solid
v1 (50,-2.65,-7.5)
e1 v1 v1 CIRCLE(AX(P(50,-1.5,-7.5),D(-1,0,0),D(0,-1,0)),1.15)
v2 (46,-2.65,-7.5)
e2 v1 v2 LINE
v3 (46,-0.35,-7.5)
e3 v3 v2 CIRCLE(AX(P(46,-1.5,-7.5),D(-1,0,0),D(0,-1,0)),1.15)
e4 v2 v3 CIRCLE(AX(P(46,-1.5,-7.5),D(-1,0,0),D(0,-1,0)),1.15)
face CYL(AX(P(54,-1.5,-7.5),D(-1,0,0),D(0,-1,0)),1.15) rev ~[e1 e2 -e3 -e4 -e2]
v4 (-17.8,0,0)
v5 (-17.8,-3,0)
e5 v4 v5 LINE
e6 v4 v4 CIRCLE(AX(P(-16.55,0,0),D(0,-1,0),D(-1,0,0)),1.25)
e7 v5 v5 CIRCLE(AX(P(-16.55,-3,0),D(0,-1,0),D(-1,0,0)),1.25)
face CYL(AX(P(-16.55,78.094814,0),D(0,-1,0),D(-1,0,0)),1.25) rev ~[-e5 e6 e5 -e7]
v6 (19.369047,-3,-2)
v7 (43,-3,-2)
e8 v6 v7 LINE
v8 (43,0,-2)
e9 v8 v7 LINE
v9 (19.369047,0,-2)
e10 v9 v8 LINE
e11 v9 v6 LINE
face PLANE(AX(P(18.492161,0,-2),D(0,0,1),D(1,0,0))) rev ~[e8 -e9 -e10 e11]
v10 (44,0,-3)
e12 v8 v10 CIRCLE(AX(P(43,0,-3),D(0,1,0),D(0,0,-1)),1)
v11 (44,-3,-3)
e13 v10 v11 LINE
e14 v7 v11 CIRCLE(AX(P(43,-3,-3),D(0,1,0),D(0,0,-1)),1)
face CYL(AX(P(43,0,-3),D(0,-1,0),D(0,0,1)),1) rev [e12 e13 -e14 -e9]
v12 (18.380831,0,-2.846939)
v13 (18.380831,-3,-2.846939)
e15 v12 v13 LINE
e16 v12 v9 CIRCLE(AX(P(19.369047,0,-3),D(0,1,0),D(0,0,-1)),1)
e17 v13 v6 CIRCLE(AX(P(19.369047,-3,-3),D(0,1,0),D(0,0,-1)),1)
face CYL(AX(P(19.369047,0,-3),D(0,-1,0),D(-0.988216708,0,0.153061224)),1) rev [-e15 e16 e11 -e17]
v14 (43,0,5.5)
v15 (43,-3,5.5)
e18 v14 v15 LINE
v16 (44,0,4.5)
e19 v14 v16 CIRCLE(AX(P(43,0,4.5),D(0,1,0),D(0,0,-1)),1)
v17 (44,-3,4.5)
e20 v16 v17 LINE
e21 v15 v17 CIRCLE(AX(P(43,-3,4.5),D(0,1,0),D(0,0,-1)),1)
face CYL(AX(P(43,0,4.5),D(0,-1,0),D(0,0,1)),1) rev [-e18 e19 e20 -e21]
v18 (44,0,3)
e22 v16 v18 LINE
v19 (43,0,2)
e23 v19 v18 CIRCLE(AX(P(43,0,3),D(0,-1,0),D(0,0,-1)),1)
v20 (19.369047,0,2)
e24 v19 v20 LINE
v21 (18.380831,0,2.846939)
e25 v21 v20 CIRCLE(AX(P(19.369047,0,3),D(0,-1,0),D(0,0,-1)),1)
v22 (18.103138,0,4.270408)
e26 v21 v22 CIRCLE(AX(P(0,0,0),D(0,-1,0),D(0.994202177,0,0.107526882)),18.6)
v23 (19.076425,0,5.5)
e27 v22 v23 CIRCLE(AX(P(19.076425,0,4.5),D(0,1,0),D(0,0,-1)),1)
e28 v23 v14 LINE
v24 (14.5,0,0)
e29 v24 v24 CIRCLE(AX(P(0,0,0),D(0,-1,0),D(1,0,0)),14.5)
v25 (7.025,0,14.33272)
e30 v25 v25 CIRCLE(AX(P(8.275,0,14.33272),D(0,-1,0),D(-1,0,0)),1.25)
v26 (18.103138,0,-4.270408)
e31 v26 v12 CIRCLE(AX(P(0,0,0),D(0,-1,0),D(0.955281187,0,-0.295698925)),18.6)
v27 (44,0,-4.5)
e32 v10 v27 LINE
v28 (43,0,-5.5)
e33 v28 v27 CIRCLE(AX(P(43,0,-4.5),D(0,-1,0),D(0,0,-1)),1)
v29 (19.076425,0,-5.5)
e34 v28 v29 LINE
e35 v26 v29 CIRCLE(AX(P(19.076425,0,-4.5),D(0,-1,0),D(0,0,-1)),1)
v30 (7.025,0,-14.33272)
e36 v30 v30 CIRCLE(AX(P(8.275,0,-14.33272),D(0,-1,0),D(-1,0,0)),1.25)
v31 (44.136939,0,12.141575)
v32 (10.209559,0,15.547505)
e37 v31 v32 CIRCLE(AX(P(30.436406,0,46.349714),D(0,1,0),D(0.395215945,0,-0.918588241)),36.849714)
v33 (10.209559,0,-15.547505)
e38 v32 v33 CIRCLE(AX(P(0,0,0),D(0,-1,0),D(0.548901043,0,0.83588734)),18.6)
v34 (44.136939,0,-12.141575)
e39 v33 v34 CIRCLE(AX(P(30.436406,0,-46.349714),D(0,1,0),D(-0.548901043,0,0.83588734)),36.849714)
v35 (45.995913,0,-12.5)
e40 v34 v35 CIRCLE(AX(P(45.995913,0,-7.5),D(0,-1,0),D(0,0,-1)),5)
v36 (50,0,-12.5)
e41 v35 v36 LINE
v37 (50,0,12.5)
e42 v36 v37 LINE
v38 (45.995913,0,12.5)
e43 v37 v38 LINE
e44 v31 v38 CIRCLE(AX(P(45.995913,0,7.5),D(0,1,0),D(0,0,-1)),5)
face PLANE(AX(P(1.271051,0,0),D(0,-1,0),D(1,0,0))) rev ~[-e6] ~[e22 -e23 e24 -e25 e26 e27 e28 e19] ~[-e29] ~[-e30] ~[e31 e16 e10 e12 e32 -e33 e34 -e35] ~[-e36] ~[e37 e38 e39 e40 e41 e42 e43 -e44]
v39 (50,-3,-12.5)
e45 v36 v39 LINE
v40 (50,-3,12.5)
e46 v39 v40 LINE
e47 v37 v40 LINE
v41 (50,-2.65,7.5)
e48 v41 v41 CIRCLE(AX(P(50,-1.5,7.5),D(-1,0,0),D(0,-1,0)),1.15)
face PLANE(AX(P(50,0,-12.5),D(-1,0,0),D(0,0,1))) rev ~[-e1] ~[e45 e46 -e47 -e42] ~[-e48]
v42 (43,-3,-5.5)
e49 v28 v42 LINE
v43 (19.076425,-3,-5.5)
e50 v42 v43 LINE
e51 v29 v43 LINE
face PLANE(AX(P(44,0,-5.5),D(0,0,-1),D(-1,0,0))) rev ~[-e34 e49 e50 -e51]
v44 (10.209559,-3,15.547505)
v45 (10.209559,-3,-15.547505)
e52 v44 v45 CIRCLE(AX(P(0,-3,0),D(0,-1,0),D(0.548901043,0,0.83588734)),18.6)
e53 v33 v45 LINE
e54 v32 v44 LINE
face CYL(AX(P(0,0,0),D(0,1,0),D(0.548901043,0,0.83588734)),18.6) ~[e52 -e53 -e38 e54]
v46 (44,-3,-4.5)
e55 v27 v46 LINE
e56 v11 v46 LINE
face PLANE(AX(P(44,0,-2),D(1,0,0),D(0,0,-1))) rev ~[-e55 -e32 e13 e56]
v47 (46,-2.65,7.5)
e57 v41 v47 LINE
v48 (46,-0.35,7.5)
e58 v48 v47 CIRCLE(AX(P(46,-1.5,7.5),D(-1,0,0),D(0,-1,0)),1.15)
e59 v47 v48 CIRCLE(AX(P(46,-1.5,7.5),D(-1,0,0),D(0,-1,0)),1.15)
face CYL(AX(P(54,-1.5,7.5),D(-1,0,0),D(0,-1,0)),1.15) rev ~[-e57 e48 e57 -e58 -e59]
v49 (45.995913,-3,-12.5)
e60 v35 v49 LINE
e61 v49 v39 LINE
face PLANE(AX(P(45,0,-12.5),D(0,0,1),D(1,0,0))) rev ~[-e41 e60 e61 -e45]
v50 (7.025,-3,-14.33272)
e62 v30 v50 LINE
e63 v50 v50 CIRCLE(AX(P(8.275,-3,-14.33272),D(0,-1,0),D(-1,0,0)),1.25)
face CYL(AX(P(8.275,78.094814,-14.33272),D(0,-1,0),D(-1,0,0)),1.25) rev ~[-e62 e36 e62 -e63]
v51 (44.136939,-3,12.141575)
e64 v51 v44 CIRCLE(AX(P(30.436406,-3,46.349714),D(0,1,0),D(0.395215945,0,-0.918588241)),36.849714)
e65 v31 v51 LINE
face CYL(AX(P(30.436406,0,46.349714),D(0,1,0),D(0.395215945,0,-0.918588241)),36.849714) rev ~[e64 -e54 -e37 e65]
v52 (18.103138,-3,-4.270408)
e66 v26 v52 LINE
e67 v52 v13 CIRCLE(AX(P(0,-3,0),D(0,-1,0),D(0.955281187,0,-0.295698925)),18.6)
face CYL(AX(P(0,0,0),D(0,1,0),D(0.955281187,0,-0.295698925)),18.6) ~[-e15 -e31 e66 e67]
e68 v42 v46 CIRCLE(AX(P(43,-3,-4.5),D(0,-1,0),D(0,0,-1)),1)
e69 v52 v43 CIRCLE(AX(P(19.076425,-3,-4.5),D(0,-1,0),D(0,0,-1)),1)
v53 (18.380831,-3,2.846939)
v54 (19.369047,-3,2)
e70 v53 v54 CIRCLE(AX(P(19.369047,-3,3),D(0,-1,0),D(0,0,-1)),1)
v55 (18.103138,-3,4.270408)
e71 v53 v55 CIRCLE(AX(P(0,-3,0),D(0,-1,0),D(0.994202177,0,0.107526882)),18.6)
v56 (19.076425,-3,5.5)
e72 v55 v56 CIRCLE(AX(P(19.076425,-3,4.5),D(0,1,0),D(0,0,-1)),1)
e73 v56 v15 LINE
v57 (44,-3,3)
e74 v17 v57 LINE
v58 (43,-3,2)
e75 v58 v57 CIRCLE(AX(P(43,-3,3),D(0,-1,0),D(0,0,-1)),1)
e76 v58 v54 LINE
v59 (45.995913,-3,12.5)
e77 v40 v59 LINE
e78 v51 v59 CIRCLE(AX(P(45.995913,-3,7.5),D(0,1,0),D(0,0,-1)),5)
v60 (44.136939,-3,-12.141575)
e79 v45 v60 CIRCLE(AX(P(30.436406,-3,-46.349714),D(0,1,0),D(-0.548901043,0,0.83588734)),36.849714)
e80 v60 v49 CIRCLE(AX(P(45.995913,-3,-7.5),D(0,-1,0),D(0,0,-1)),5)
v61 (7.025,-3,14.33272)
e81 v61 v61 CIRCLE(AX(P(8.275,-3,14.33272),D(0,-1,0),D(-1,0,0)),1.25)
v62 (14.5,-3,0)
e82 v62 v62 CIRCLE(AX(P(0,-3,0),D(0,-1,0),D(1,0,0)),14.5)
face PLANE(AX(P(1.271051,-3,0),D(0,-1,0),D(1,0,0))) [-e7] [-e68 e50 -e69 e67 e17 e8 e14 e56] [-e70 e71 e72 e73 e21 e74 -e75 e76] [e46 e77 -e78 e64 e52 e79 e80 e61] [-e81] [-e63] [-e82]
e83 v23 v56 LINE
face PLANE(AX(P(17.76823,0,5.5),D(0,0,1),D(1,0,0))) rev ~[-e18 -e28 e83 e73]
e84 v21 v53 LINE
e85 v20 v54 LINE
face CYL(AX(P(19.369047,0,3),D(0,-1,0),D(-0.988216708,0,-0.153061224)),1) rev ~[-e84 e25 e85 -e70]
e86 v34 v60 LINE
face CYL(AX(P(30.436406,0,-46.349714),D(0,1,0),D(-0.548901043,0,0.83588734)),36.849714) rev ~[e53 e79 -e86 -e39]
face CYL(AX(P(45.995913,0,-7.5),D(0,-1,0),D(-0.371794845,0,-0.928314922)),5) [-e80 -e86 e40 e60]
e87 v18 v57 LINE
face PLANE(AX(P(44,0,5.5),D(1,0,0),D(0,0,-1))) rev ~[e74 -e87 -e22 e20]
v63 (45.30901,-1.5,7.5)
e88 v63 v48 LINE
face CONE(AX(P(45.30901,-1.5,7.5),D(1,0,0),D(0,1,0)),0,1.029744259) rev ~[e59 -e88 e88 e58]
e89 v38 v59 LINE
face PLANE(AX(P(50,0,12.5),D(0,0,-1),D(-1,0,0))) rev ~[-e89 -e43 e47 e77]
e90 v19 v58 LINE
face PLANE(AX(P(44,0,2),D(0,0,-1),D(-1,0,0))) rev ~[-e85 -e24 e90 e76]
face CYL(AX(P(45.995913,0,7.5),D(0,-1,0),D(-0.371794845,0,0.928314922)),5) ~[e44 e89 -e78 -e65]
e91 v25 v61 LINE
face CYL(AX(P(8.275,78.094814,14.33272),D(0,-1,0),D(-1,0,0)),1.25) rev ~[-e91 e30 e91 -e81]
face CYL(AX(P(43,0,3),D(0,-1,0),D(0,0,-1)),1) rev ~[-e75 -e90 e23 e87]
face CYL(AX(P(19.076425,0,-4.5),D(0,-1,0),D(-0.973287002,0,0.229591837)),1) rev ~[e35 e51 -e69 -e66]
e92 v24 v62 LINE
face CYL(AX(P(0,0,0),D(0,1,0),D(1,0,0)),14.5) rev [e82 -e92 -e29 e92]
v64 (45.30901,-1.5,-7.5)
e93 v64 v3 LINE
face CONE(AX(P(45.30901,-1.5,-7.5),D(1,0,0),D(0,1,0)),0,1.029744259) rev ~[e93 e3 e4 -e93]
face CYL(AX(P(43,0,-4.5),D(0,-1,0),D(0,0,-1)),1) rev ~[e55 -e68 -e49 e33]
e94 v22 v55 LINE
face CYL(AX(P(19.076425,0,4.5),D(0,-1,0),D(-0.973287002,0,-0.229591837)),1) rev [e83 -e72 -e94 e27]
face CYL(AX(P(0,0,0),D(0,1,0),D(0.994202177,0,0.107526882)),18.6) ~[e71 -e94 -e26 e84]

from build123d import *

# Parameters (mm, degrees)
F0_R     = 14.5
F1_DEPTH = 3
F2_D     = 2.5
F3_R     = 1
F4_R     = 5
F6_D     = 2.3
F6_DEPTH = 4
F6_TIP   = 0.6909897119


with BuildPart() as f1:
    # F0 (on Front) → F1 (new body)
    with BuildSketch(Plane.XZ):
        with BuildLine():
            ThreePointArc((18.4921605011, -2), (18.5730205583, -1.0014526146), (18.6, 0))
            ThreePointArc((18.6, 0), (18.5730205583, 1.0014526146), (18.4921605011, 2))
            ThreePointArc((18.4921605011, 2), (18.2144580261, 3.7674286742), (17.7682300751, 5.5))
            ThreePointArc((17.7682300751, 5.5), (14.8636221286, 11.1818038445), (10.2095594024, 15.5475045203))
            ThreePointArc((10.2095594024, 15.5475045203), (-18.6, 0), (10.2095594024, -15.5475045203))
            ThreePointArc((10.2095594024, -15.5475045203), (14.8636221286, -11.1818038445), (17.7682300751, -5.5))
            ThreePointArc((17.7682300751, -5.5), (18.2144580261, -3.7674286742), (18.4921605011, -2))
        make_face()
        Circle(F0_R, mode=Mode.SUBTRACT)
        with BuildLine():
            ThreePointArc((18.4921605011, 2), (18.5730205583, 1.0014526146), (18.6, 0))
            ThreePointArc((18.6, 0), (18.5730205583, -1.0014526146), (18.4921605011, -2))
            Line((18.4921605011, -2), (44, -2))
            Line((44, -2), (44, -5.5))
            Line((44, -5.5), (17.7682300751, -5.5))
            ThreePointArc((17.7682300751, -5.5), (14.8636221286, -11.1818038445), (10.2095594024, -15.5475045203))
            ThreePointArc((10.2095594024, -15.5475045203), (27.2208300421, -9.6405667001), (45, -12.5))
            Line((45, -12.5), (50, -12.5))
            Line((50, -12.5), (50, 12.5))
            Line((50, 12.5), (45, 12.5))
            ThreePointArc((45, 12.5), (27.2208300421, 9.6405667001), (10.2095594024, 15.5475045203))
            ThreePointArc((10.2095594024, 15.5475045203), (14.8636221286, 11.1818038445), (17.7682300751, 5.5))
            Line((17.7682300751, 5.5), (44, 5.5))
            Line((44, 5.5), (44, 2))
            Line((44, 2), (18.4921605011, 2))
        make_face()
    extrude(amount=F1_DEPTH)

    # F2 (through all)
    with Locations(Plane(origin=(0, 0, 0), x_dir=(1, 0, 0), z_dir=(0, 1, 0))):
        with Locations((-16.55, 0), (8.275, 14.3327204326), (8.275, -14.3327204326)):
            Hole(F2_D / 2)

    # F3
    f3_edges = [f1.edges().sort_by_distance(p)[0] for p in [
        (17.76823, -1.5, 5.5),
        (18.492161, -1.5, -2),
        (18.492161, -1.5, 2),
        (17.76823, -1.5, -5.5),
        (44, -1.5, -2),
        (44, -1.5, 5.5),
        (44, -1.5, 2),
        (44, -1.5, -5.5),
    ]]
    fillet(f3_edges, radius=F3_R)

    # F4
    f4_edges = [f1.edges().sort_by_distance(p)[0] for p in [
        (45, -1.5, 12.5),
        (45, -1.5, -12.5),
    ]]
    fillet(f4_edges, radius=F4_R)

    # F6
    with Locations(Plane.YZ.offset(50)):
        with Locations((-1.5, 7.5), (-1.5, -7.5)):
            Hole(F6_D / 2, depth=F6_DEPTH)
            with Locations((0, 0, -(F6_DEPTH + F6_TIP / 2))):  # 118° drill point
                Cone(0, F6_D / 2, F6_TIP, mode=Mode.SUBTRACT)


solid = f1.part
